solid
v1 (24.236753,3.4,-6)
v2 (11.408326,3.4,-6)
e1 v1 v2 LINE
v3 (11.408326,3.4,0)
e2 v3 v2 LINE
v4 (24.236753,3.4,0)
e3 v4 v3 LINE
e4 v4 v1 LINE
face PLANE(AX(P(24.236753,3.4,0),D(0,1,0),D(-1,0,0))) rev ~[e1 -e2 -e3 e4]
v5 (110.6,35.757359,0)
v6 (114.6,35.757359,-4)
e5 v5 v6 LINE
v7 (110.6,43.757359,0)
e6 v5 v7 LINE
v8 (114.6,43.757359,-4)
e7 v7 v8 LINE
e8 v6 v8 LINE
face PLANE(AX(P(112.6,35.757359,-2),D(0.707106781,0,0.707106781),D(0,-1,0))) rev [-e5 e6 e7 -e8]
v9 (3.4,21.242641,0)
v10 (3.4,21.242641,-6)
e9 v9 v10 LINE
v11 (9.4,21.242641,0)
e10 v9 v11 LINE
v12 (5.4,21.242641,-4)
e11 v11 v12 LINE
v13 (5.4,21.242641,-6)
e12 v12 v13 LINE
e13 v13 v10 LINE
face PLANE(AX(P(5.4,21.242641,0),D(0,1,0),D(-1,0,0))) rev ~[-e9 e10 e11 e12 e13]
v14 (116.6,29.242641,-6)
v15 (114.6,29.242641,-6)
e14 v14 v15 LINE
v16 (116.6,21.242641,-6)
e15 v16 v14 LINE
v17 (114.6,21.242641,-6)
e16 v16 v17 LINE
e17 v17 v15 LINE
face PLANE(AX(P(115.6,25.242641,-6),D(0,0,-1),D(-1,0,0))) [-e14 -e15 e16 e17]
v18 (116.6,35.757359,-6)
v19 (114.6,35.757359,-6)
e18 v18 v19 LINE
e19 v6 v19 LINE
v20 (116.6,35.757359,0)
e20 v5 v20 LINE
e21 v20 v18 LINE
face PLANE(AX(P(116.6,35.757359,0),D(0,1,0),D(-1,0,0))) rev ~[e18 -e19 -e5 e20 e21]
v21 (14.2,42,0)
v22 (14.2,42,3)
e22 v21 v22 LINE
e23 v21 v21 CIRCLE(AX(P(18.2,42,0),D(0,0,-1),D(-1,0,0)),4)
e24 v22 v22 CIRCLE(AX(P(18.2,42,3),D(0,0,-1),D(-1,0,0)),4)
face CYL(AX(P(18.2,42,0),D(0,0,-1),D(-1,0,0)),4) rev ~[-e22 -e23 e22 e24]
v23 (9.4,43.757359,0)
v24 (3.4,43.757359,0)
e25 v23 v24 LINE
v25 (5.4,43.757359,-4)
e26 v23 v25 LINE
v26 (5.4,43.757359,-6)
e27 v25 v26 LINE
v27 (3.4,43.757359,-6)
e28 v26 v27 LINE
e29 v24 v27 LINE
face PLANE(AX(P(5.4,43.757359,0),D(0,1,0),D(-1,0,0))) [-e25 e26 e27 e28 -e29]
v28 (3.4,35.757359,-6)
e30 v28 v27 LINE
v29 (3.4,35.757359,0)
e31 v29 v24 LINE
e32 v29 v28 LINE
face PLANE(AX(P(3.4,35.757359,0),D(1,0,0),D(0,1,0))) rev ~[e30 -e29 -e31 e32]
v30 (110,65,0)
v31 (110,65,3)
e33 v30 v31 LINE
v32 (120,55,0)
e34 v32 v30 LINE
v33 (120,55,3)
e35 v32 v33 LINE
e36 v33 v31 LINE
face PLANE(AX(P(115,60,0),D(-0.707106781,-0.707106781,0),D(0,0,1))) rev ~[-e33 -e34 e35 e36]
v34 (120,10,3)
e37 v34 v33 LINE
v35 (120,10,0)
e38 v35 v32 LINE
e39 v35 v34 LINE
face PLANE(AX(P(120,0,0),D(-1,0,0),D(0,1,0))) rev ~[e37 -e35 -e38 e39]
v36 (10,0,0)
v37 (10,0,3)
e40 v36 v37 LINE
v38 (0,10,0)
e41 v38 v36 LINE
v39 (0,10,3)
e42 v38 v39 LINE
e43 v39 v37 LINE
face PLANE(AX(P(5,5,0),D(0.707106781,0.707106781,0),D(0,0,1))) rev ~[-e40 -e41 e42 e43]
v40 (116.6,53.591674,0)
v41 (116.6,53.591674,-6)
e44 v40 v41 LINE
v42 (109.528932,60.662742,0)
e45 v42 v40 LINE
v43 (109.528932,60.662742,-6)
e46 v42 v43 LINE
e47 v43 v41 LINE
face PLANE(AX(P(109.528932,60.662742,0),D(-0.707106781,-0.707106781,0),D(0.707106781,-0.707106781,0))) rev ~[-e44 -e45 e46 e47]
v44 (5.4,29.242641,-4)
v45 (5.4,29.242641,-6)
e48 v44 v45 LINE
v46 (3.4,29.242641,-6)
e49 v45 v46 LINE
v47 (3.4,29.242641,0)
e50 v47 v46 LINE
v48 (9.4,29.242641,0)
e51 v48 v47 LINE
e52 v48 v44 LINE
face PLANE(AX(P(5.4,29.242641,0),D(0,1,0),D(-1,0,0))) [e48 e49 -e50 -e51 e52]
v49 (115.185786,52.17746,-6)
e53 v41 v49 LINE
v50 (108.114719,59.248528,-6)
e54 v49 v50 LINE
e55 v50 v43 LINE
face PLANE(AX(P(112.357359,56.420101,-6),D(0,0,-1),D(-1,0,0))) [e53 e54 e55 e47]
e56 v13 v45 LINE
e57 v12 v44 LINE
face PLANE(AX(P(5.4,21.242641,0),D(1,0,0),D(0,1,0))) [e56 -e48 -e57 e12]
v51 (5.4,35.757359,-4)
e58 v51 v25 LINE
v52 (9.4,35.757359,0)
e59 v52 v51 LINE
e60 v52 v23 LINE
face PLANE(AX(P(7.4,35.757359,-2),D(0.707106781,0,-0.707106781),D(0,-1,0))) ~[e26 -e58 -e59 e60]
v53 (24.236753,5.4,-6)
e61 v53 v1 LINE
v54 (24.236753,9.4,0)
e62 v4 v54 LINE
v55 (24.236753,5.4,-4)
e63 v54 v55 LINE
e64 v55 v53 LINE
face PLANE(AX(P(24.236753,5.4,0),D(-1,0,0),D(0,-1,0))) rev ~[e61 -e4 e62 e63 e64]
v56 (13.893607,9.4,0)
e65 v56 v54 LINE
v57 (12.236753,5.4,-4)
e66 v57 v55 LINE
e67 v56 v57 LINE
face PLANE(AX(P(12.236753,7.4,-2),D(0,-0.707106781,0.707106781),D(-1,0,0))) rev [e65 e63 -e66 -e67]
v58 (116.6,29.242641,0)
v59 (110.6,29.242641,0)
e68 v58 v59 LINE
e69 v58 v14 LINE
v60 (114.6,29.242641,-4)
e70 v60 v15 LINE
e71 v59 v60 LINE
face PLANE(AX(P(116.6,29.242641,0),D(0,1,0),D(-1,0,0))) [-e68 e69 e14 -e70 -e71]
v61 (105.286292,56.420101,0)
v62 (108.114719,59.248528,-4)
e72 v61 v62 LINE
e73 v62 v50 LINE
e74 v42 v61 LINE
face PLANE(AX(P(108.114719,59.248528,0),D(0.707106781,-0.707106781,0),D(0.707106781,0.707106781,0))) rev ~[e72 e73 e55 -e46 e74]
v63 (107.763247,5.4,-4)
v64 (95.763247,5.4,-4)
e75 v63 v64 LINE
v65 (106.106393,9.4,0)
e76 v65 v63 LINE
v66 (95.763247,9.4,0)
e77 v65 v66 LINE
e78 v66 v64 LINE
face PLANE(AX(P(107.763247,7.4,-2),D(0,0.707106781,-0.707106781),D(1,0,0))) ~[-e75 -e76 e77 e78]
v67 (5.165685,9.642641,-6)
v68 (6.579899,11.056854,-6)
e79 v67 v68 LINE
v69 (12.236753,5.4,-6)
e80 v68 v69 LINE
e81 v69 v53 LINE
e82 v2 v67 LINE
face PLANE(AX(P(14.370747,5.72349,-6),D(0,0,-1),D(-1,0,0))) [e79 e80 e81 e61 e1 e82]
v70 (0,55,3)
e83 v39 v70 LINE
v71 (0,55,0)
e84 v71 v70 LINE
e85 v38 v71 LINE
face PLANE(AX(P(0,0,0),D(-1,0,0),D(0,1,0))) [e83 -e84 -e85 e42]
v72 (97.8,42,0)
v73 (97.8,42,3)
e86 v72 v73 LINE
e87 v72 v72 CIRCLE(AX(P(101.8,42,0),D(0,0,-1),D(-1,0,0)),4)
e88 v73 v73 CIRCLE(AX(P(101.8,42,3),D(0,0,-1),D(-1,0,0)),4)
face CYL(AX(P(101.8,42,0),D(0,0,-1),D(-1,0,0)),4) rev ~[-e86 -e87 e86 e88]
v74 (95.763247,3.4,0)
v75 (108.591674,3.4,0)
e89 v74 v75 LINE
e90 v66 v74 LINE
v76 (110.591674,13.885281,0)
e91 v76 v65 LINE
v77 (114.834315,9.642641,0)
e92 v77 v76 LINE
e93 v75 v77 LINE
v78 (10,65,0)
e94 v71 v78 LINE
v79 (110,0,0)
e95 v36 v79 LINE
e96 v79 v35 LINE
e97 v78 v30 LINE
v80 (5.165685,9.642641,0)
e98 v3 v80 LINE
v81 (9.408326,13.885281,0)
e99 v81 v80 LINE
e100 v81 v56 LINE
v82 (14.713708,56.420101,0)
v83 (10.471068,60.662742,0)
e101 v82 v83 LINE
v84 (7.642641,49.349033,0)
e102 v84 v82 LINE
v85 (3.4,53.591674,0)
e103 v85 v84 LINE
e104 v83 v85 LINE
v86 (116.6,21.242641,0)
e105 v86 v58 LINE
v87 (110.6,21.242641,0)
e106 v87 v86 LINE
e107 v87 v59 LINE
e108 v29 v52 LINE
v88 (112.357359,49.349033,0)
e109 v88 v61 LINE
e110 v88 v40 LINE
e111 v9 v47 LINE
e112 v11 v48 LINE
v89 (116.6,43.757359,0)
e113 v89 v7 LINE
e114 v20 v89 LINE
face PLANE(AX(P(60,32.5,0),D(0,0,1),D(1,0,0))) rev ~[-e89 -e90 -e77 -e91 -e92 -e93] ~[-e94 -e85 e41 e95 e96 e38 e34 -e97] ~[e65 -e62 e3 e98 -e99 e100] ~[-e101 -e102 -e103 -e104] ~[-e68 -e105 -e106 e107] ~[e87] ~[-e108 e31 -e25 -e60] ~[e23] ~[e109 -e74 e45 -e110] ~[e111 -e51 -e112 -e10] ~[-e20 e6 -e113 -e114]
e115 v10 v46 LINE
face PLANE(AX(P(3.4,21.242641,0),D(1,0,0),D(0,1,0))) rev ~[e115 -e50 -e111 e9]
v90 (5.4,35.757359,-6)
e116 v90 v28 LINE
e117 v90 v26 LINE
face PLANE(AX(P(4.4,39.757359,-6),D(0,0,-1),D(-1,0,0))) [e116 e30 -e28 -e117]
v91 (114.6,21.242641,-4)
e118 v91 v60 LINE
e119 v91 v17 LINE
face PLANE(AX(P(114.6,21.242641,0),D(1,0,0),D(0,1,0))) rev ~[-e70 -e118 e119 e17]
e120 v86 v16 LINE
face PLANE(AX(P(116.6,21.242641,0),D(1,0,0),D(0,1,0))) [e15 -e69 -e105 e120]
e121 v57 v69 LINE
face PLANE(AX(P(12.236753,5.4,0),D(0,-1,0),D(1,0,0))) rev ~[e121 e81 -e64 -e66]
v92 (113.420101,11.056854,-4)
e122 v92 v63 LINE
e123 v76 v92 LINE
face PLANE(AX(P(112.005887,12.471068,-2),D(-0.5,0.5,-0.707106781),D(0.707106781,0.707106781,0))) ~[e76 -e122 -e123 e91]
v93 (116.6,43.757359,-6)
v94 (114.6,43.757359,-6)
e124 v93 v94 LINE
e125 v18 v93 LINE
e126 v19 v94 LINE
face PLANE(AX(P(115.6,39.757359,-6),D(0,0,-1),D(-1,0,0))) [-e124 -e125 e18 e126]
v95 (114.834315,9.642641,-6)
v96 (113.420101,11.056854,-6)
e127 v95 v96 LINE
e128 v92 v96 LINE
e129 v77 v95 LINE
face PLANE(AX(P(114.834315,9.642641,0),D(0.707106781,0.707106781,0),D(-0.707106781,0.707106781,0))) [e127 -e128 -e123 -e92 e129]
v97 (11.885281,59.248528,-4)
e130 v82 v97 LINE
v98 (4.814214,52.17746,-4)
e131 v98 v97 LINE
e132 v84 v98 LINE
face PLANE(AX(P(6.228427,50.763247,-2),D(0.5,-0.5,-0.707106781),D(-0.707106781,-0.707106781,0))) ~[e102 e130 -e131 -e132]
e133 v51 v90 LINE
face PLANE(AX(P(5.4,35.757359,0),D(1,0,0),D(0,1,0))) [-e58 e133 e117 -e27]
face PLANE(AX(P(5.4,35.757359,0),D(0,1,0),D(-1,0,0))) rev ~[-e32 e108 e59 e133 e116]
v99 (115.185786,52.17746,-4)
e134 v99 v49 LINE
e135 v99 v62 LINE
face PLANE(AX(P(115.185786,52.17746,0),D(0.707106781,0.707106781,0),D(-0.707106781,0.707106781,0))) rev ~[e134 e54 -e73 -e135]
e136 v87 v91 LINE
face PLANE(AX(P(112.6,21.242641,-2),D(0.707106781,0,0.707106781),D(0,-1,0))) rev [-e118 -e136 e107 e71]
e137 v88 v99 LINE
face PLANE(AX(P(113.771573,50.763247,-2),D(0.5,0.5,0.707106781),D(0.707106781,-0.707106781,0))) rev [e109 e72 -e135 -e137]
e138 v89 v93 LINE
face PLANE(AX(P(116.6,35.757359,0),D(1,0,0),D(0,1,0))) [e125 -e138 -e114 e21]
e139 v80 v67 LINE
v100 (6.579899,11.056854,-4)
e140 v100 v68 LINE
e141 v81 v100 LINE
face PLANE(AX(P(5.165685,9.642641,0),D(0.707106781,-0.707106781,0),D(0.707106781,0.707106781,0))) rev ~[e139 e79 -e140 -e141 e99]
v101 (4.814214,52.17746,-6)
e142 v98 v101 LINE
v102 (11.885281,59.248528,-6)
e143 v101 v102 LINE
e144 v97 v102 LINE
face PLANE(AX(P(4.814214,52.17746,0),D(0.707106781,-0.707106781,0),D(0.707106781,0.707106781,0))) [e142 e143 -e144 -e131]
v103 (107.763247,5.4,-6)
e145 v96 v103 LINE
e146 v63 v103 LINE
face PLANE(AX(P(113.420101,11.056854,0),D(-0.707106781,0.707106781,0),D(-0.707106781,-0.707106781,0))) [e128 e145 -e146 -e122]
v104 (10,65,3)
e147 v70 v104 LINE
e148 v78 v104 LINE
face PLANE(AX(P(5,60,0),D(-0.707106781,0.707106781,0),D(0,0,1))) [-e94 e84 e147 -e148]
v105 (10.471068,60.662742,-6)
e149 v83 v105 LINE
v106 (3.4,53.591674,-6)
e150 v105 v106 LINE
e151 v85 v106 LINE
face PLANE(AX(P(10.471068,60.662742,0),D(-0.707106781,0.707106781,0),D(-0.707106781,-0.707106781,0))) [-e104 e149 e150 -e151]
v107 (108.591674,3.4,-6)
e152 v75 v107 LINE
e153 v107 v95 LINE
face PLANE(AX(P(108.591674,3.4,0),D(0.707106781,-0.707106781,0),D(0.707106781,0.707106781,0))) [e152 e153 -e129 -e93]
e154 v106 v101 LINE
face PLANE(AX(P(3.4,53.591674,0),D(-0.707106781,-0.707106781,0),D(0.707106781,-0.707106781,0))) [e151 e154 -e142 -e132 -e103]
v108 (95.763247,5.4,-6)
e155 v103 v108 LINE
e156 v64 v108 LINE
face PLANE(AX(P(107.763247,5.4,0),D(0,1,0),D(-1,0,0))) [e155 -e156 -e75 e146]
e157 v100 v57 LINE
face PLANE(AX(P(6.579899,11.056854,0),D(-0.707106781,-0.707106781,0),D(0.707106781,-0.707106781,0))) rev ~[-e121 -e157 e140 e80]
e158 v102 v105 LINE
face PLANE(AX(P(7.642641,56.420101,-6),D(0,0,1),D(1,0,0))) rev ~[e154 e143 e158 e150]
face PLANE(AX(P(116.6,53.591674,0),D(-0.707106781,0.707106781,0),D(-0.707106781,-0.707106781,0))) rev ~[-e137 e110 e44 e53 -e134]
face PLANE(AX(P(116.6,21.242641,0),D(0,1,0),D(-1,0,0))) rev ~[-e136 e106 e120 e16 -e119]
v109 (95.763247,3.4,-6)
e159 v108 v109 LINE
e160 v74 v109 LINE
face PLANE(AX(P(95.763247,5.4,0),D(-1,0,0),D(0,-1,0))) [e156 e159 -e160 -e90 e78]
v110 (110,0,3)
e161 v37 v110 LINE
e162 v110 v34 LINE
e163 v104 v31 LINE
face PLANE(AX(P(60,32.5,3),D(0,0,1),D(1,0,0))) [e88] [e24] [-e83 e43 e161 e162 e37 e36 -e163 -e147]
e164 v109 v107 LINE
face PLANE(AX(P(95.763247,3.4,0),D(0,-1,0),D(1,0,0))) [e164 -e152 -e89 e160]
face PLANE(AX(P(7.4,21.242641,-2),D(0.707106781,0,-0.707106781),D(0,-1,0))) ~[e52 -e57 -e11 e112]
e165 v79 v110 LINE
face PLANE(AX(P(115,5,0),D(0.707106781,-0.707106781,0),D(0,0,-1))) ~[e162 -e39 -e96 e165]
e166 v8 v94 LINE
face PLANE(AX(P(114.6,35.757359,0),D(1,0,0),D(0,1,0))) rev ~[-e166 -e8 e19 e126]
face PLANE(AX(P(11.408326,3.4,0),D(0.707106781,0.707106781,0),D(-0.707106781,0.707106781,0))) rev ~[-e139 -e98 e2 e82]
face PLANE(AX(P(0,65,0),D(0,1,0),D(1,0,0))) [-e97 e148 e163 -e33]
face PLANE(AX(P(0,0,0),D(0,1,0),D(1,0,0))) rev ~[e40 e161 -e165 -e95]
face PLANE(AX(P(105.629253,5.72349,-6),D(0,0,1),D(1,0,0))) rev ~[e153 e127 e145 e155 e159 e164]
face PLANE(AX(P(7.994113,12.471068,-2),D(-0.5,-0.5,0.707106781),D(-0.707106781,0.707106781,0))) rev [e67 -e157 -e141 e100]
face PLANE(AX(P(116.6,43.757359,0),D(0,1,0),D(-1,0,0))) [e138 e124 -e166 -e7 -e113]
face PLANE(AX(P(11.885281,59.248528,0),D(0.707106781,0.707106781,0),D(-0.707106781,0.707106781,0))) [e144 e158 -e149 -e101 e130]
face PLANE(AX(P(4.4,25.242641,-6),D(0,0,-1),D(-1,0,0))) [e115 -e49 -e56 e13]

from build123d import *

# Parameters (mm, degrees)
SKETCH1_W           = 120
SKETCH1_H           = 65
BOSS_EXTRUDE1_DEPTH = 3
CHAMFER1_SIZE       = 10
SKETCH2_W           = 2
SKETCH2_H           = 8
BOSS_EXTRUDE3_DEPTH = 6
CHAMFER2_SIZE       = 4
SKETCH4_R           = 4
CUT_EXTRUDE1_DEPTH  = 6


with BuildPart() as part:
    # Sketch1 → Boss-Extrude1 (new body)
    with BuildSketch(Plane.XY):
        with Locations((60, 32.5)):
            Rectangle(SKETCH1_W, SKETCH1_H)
    extrude(amount=BOSS_EXTRUDE1_DEPTH)

    # Chamfer1
    chamfer1_edges = [part.edges().sort_by_distance(p)[0] for p in [
        (0, 65, 1.5),
        (120, 65, 1.5),
        (120, 0, 1.5),
        (0, 0, 1.5),
    ]]
    chamfer(chamfer1_edges, length=CHAMFER1_SIZE)

    # Sketch2 → Boss-Extrude3 (add)
    with BuildSketch(Plane(origin=(0, 0, 0), x_dir=(-1, 0, 0), z_dir=(0, 0, -1))):
        with Locations((-115.6, 25.242640687)):
            Rectangle(SKETCH2_W, SKETCH2_H)
        with Locations((-115.6, 39.757359313)):
            Rectangle(SKETCH2_W, SKETCH2_H)
        Polygon((-109.528932188, 60.6627417), (-116.6, 53.591673888), (-115.185786438, 52.177460326), (-108.114718626, 59.248528137), align=None)
        Polygon((-11.885281374, 59.248528137), (-10.471067812, 60.6627417), (-3.4, 53.591673888), (-4.814213562, 52.177460326), align=None)
        with Locations((-4.4, 25.242640687)):
            Rectangle(SKETCH2_W, SKETCH2_H)
        with Locations((-4.4, 39.757359313)):
            Rectangle(SKETCH2_W, SKETCH2_H)
        Polygon((-114.834314575, 9.642640687), (-113.420101013, 11.056854249), (-107.763246763, 5.4), (-95.763246763, 5.4), (-95.763246763, 3.4), (-108.591673888, 3.4), align=None)
        Polygon((-11.408326112, 3.4), (-5.165685425, 9.642640687), (-6.579898987, 11.056854249), (-12.236753237, 5.4), (-24.236753237, 5.4), (-24.236753237, 3.4), align=None)
    extrude(amount=BOSS_EXTRUDE3_DEPTH)

    # Chamfer2
    chamfer2_edges = [part.edges().sort_by_distance(p)[0] for p in [
        (8.349747468, 55.712994231, 0),
        (5.4, 25.242640687, 0),
        (5.4, 39.757359313, 0),
        (114.6, 39.757359313, 0),
        (114.6, 25.242640687, 0),
        (101.763246763, 5.4, 0),
        (110.591673888, 8.228427125, 0),
        (111.650252532, 55.712994231, 0),
        (9.408326112, 8.228427125, 0),
        (18.236753237, 5.4, 0),
    ]]
    chamfer(chamfer2_edges, length=CHAMFER2_SIZE)

    # Sketch4 → Cut-Extrude1 (cut)
    with BuildSketch(Plane(origin=(0, 0, 0), x_dir=(-1, 0, 0), z_dir=(0, 0, -1))):
        with Locations((-18.2, 42)):
            Circle(SKETCH4_R)
        with Locations((-101.8, 42)):
            Circle(SKETCH4_R)
    extrude(amount=-CUT_EXTRUDE1_DEPTH, mode=Mode.SUBTRACT)


solid = part.part
